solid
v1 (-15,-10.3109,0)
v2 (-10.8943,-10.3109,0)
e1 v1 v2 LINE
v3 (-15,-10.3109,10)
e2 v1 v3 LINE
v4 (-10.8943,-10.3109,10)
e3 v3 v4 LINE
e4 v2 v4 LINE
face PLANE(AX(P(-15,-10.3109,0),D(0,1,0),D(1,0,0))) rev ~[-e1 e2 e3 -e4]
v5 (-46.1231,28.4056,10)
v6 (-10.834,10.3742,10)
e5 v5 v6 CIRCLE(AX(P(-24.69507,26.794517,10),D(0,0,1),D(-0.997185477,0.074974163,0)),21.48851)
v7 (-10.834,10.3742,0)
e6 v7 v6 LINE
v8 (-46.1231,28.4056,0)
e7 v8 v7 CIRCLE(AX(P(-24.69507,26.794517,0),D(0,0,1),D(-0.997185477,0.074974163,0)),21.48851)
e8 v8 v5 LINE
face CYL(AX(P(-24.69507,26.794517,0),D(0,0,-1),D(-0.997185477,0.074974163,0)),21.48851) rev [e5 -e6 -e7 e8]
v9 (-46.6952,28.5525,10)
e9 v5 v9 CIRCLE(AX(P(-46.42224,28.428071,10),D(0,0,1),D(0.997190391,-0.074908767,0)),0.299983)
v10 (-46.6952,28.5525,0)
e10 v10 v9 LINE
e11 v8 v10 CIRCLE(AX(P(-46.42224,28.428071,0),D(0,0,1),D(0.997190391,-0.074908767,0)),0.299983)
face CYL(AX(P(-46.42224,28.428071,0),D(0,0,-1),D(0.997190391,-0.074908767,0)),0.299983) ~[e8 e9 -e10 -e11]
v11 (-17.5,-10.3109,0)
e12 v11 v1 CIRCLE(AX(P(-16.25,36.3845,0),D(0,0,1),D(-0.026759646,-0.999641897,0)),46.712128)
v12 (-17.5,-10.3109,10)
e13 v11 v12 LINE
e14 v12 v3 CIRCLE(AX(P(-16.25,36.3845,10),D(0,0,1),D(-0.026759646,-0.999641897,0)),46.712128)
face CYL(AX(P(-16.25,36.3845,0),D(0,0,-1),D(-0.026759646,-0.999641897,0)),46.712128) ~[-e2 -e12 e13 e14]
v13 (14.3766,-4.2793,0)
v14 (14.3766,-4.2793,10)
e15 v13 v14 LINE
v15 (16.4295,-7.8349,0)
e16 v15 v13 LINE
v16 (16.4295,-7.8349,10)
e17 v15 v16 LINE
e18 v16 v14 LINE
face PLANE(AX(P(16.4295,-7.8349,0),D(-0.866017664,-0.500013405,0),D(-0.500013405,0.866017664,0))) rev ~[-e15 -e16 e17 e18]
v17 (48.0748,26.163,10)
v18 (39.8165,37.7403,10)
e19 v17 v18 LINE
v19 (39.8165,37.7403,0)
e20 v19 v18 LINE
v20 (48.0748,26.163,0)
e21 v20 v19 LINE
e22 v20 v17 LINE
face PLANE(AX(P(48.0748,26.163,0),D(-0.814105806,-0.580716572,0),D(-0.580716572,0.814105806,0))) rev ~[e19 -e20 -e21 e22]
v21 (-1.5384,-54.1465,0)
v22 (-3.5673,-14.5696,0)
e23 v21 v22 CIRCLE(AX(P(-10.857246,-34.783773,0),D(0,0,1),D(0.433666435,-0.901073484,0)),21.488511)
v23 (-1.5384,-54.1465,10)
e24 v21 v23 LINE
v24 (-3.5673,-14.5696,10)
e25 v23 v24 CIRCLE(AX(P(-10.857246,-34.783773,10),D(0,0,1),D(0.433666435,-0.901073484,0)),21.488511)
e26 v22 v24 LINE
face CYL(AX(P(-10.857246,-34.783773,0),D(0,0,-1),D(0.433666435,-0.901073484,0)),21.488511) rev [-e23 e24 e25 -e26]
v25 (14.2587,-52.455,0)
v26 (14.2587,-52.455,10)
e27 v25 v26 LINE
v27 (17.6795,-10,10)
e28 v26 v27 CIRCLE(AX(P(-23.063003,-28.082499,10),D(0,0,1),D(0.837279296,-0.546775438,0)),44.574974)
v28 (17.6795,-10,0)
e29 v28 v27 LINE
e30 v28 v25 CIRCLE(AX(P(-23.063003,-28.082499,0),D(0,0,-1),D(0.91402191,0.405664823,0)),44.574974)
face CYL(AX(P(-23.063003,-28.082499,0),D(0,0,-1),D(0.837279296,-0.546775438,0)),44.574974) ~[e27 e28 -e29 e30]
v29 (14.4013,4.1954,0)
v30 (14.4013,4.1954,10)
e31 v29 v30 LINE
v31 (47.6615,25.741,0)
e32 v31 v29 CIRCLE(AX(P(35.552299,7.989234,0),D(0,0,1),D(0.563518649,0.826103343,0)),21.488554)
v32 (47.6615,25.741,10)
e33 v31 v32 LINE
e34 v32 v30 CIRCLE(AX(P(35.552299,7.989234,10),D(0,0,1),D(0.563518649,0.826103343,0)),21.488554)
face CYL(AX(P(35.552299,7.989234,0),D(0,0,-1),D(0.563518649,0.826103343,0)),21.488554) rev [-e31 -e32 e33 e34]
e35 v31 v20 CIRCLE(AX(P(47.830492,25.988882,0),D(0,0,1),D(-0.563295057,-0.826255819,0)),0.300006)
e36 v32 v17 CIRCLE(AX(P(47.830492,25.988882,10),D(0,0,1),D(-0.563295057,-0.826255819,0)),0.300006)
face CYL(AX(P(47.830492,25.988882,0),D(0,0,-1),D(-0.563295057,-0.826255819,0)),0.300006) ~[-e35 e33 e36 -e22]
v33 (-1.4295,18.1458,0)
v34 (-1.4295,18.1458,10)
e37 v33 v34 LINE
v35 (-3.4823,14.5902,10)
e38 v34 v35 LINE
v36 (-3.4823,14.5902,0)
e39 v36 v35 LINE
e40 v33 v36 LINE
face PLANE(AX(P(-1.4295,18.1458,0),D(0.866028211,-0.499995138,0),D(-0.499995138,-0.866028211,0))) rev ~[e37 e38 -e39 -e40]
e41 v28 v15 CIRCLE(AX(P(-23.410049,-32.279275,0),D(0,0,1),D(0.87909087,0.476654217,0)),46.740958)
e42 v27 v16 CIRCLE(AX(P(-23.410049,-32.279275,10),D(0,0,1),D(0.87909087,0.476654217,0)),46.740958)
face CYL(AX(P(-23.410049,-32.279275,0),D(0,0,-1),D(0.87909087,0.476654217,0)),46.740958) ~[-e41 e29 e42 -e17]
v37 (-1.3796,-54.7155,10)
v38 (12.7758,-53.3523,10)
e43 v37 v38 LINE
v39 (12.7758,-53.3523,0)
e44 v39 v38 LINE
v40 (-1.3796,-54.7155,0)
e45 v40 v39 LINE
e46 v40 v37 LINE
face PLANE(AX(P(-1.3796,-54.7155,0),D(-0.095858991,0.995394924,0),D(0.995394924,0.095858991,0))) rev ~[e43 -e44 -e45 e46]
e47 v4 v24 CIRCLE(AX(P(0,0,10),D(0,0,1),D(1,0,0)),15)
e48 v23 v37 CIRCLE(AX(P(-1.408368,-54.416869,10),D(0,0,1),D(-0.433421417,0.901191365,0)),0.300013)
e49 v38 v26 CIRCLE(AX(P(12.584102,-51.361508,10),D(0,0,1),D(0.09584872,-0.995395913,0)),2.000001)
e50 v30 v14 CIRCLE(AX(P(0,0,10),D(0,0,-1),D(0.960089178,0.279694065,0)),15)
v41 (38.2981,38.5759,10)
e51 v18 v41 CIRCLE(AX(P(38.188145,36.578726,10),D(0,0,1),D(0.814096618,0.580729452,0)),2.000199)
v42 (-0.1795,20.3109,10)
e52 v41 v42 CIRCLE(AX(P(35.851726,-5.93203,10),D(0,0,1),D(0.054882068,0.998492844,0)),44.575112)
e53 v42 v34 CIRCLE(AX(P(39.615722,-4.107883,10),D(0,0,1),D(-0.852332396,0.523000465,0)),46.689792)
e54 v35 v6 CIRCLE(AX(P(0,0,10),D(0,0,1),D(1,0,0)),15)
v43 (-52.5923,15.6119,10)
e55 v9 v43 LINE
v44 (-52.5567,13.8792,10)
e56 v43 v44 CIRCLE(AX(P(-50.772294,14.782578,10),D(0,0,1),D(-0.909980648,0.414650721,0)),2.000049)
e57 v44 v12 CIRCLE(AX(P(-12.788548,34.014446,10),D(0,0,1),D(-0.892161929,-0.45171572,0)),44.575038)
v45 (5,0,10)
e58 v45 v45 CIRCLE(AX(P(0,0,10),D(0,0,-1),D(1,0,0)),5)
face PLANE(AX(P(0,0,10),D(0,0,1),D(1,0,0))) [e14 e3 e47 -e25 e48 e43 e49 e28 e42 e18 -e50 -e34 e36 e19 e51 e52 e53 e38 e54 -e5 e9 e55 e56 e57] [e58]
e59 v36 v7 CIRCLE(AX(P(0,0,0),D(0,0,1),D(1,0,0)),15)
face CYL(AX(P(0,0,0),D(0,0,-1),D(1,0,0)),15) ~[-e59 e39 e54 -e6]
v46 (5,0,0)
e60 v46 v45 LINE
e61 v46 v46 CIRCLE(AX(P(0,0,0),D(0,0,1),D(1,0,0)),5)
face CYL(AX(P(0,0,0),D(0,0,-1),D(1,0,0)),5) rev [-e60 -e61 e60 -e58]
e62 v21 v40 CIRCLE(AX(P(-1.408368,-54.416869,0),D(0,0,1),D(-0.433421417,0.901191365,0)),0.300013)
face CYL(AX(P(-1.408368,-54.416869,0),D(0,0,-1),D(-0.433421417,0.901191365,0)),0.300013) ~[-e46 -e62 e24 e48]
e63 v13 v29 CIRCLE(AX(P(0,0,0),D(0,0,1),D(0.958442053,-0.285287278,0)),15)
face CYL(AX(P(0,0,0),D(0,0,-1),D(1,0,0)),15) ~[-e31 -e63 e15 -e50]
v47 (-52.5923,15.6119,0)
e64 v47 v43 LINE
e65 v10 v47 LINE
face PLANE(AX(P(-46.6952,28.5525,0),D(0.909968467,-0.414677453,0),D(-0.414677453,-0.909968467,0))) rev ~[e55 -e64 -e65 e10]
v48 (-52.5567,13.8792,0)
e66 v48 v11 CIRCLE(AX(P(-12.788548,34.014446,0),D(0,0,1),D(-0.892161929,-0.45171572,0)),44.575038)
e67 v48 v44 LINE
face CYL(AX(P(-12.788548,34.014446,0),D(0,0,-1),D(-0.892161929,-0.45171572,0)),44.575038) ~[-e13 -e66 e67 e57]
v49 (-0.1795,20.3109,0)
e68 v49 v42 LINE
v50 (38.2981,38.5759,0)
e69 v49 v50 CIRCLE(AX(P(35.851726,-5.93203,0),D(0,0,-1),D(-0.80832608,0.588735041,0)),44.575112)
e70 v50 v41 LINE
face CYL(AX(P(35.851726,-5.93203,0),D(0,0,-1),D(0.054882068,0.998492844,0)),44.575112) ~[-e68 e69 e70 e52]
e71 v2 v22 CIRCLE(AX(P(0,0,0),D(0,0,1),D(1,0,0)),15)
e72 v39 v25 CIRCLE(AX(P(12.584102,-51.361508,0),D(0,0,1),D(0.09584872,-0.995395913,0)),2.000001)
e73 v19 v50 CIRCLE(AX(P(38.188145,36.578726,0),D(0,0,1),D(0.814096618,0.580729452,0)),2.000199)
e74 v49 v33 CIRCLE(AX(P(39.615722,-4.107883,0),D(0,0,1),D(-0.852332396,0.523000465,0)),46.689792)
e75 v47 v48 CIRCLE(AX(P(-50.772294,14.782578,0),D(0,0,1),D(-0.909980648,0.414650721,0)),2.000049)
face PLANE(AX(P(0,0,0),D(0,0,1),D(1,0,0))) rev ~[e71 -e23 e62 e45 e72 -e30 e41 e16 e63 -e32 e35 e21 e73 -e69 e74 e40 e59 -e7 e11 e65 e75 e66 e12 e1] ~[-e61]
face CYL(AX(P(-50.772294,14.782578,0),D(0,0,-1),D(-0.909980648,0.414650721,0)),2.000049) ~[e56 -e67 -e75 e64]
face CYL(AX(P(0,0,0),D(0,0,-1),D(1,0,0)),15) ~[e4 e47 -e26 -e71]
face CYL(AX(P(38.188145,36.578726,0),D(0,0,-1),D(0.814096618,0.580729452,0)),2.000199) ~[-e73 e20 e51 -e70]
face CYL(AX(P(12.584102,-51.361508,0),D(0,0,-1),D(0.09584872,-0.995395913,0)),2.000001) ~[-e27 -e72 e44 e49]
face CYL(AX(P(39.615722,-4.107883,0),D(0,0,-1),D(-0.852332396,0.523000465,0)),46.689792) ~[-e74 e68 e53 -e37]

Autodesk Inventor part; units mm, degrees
ref_plane "YZ Plane" through (0, 0, 0) normal (1, 0, 0) x (0, 1, 0)
ref_plane "XZ Plane" through (0, 0, 0) normal (0, 1, 0) x (-1, 0, 0)
ref_plane "XY Plane" through (0, 0, 0) normal (0, 0, 1) x (1, 0, 0)
sketch "Sketch1" plane through (0, 0, 0) normal (0, 0, 1) x (1, 0, 0)
  circle A0 centre (0, 0) radius 15
  circle A1 centre (0, 0) radius 55
  line L0 (15, 0) -> (55, 0) construction
  circle A2 centre (35, 0) radius 20 construction
  circle A3 centre (-17.5, 30.3109) radius 20 construction
  circle A4 centre (-17.5, -30.3109) radius 20 construction
  line L1 (0, 0) -> (-10.834, 10.3742)
  line L2 (0, 0) -> (27.5, -47.6314)
  line L3 (0, 0) -> (-55, 0) construction
  line L4 (0, 0) -> (27.5, 47.6314)
  line L5 (17.5, 30.3109) -> (27.5, 47.6314) construction
  line L6 (-1.4324, 18.1475) -> (18.5676, 52.7885) construction
  line L7 (18.5676, 52.7885) -> (36.4324, 42.4743) construction
  line L8 (36.4324, 42.4743) -> (16.4324, 7.8333) construction
  line L9 (16.4324, 7.8333) -> (-1.4324, 18.1475) construction
  line L10 (-1.4324, 18.1475) -> (36.4324, 42.4743) construction
  line L11 (18.5676, 52.7885) -> (16.4324, 7.8333) construction
  line L12 (-1.4891, -18.1802) -> (18.5109, -52.8212) construction
  line L13 (18.5109, -52.8212) -> (36.4891, -42.4416) construction
  line L14 (36.4891, -42.4416) -> (16.4891, -7.8006) construction
  line L15 (16.4891, -7.8006) -> (-1.4891, -18.1802) construction
  line L16 (-1.4891, -18.1802) -> (36.4891, -42.4416) construction
  line L17 (18.5109, -52.8212) -> (16.4891, -7.8006) construction
  line L18 (-55.0081, 10.3109) -> (-15, 10.3109) construction
  line L19 (-15, 10.3109) -> (-15, -10.3109) construction
  line L20 (-15, -10.3109) -> (-55.0081, -10.3109) construction
  line L21 (-55.0081, -10.3109) -> (-55.0081, 10.3109)
  line L22 (-55.0081, 10.3109) -> (-15, -10.3109) construction
  line L23 (-15, 10.3109) -> (-55.0081, -10.3109) construction
  line L24 (-39.1178, -2.5) -> (-30.8902, -2.5) construction
  line L25 (-30.8902, -2.5) -> (-30.8902, 2.5) construction
  line L26 (-30.8902, 2.5) -> (-39.1178, 2.5) construction
  line L27 (-39.1178, 2.5) -> (-39.1178, -2.5) construction
  line L28 (-39.1178, -2.5) -> (-30.8902, 2.5) construction
  line L29 (-30.8902, -2.5) -> (-39.1178, 2.5) construction
  line L30 (-55.0081, 10.3109) -> (-55.0081, -10.3109) construction
  line L31 (-55.0081, 10.3109) -> (-55.0081, -10.3109) construction
  circle A5 centre (0, 0) radius 5
  arc A6 (-46.1231, 28.4056) -> (-10.834, 10.3742) centre (-24.6951, 26.7945) ccw
  line L32 (-15, -10.3109) -> (-10.8943, -10.3109)
  line L33 (-46.6952, 28.5525) -> (-52.5923, 15.6119)
  arc A7 (-46.1231, 28.4056) -> (-46.6952, 28.5525) centre (-46.4222, 28.4281) ccw
  arc A8 (-52.5567, 13.8792) -> (-17.5, -10.3109) centre (-12.7886, 34.0144) ccw
  arc A9 (-17.5, -10.3109) -> (-15, -10.3109) centre (-16.25, 36.3845) ccw
  arc A10 (-52.5923, 15.6119) -> (-52.5567, 13.8792) centre (-50.7724, 14.7826) ccw
  arc A11 (-1.5384, -54.1465) -> (-3.5673, -14.5696) centre (-10.8572, -34.7838) ccw
  circle A12 centre (0, 0) radius 55
  line L34 (-1.3796, -54.7155) -> (12.7758, -53.3523)
  arc A13 (14.2587, -52.455) -> (17.6795, -10) centre (-23.063, -28.0825) ccw
  arc A14 (12.7758, -53.3523) -> (14.2587, -52.455) centre (12.5841, -51.3615) ccw
  arc A15 (-1.5384, -54.1465) -> (-1.3796, -54.7155) centre (-1.4083, -54.4169) ccw
  line L35 (16.4295, -7.8349) -> (14.3766, -4.2793)
  arc A16 (17.6795, -10) -> (16.4295, -7.8349) centre (-23.3849, -32.2652) ccw
  circle A17 centre (0, 0) radius 15
  arc A18 (47.6615, 25.741) -> (14.4013, 4.1954) centre (35.5523, 7.9893) ccw
  circle A19 centre (0, 0) radius 55
  line L36 (48.0748, 26.163) -> (39.8165, 37.7403)
  arc A20 (38.2981, 38.5759) -> (-0.1795, 20.3109) centre (35.8517, -5.9319) ccw
  arc A21 (39.8165, 37.7403) -> (38.2981, 38.5759) centre (38.1883, 36.5789) ccw
  arc A22 (47.6615, 25.741) -> (48.0748, 26.163) centre (47.8305, 25.9888) ccw
  line L37 (-1.4295, 18.1458) -> (-3.4823, 14.5902)
  arc A23 (-0.1795, 20.3109) -> (-1.4295, 18.1458) centre (39.6349, -4.1193) ccw
  circle A24 centre (0, 0) radius 15
  point P0 (-27.5, 47.6314)
  point P1 (-27.5, -47.6314)
  point P2 (17.5, -30.3109)
  point P3 (-35.004, 0)
  point P4 (-45.8939, 30.3109)
  point P5 (-52.9855, 14.7493)
  point P6 (-52.9855, 14.7493)
  point P7 (-27.5, 47.6314)
  point P8 (27.5, 47.6314)
  point P9 (27.5, -47.6314)
  point P10 (-55, 0)
  point P11 (-3.3031, -54.9007)
  point P12 (13.7195, -53.2614)
  point P13 (-7.5, 12.9904)
  point P14 (-27.5, -47.6314)
  point P15 (-55, 0)
  point P16 (27.5, 47.6314)
  point P17 (27.5, -47.6314)
  point P18 (49.1969, 24.5898)
  point P19 (39.266, 38.5121)
  point P20 (-7.5, -12.9904)
  point P21 (7.5, -12.9904)
  point P22 (-3.5673, -14.5696)
  point P23 (14.4013, 4.1954)
  dimension "d0" = 30
  dimension "d1" = 40
  dimension "d4" = 360
  dimension "d6" = 5
  dimension "d11" = 10
  dimension "d14" = 0.3
  dimension "d24" = 2
  dimension "d27" = 360
extrude "Extrusion1" add sketch "Sketch1" along normal blind 10 contours A0 L2 A5 L4 | A0 L4 A20 A21 L36 A22 A18 | L35 A16 A13 L2 A0 | L4 A5 L1 A0 | A0 L37 A23 A20 L4 | L2 A13 A14 L34 A15 A11 A0 | A0 L1 A5 L2 | A0 L32 A9 A8 A10 L33 A7 A6
properties part number "Combine mk3"
